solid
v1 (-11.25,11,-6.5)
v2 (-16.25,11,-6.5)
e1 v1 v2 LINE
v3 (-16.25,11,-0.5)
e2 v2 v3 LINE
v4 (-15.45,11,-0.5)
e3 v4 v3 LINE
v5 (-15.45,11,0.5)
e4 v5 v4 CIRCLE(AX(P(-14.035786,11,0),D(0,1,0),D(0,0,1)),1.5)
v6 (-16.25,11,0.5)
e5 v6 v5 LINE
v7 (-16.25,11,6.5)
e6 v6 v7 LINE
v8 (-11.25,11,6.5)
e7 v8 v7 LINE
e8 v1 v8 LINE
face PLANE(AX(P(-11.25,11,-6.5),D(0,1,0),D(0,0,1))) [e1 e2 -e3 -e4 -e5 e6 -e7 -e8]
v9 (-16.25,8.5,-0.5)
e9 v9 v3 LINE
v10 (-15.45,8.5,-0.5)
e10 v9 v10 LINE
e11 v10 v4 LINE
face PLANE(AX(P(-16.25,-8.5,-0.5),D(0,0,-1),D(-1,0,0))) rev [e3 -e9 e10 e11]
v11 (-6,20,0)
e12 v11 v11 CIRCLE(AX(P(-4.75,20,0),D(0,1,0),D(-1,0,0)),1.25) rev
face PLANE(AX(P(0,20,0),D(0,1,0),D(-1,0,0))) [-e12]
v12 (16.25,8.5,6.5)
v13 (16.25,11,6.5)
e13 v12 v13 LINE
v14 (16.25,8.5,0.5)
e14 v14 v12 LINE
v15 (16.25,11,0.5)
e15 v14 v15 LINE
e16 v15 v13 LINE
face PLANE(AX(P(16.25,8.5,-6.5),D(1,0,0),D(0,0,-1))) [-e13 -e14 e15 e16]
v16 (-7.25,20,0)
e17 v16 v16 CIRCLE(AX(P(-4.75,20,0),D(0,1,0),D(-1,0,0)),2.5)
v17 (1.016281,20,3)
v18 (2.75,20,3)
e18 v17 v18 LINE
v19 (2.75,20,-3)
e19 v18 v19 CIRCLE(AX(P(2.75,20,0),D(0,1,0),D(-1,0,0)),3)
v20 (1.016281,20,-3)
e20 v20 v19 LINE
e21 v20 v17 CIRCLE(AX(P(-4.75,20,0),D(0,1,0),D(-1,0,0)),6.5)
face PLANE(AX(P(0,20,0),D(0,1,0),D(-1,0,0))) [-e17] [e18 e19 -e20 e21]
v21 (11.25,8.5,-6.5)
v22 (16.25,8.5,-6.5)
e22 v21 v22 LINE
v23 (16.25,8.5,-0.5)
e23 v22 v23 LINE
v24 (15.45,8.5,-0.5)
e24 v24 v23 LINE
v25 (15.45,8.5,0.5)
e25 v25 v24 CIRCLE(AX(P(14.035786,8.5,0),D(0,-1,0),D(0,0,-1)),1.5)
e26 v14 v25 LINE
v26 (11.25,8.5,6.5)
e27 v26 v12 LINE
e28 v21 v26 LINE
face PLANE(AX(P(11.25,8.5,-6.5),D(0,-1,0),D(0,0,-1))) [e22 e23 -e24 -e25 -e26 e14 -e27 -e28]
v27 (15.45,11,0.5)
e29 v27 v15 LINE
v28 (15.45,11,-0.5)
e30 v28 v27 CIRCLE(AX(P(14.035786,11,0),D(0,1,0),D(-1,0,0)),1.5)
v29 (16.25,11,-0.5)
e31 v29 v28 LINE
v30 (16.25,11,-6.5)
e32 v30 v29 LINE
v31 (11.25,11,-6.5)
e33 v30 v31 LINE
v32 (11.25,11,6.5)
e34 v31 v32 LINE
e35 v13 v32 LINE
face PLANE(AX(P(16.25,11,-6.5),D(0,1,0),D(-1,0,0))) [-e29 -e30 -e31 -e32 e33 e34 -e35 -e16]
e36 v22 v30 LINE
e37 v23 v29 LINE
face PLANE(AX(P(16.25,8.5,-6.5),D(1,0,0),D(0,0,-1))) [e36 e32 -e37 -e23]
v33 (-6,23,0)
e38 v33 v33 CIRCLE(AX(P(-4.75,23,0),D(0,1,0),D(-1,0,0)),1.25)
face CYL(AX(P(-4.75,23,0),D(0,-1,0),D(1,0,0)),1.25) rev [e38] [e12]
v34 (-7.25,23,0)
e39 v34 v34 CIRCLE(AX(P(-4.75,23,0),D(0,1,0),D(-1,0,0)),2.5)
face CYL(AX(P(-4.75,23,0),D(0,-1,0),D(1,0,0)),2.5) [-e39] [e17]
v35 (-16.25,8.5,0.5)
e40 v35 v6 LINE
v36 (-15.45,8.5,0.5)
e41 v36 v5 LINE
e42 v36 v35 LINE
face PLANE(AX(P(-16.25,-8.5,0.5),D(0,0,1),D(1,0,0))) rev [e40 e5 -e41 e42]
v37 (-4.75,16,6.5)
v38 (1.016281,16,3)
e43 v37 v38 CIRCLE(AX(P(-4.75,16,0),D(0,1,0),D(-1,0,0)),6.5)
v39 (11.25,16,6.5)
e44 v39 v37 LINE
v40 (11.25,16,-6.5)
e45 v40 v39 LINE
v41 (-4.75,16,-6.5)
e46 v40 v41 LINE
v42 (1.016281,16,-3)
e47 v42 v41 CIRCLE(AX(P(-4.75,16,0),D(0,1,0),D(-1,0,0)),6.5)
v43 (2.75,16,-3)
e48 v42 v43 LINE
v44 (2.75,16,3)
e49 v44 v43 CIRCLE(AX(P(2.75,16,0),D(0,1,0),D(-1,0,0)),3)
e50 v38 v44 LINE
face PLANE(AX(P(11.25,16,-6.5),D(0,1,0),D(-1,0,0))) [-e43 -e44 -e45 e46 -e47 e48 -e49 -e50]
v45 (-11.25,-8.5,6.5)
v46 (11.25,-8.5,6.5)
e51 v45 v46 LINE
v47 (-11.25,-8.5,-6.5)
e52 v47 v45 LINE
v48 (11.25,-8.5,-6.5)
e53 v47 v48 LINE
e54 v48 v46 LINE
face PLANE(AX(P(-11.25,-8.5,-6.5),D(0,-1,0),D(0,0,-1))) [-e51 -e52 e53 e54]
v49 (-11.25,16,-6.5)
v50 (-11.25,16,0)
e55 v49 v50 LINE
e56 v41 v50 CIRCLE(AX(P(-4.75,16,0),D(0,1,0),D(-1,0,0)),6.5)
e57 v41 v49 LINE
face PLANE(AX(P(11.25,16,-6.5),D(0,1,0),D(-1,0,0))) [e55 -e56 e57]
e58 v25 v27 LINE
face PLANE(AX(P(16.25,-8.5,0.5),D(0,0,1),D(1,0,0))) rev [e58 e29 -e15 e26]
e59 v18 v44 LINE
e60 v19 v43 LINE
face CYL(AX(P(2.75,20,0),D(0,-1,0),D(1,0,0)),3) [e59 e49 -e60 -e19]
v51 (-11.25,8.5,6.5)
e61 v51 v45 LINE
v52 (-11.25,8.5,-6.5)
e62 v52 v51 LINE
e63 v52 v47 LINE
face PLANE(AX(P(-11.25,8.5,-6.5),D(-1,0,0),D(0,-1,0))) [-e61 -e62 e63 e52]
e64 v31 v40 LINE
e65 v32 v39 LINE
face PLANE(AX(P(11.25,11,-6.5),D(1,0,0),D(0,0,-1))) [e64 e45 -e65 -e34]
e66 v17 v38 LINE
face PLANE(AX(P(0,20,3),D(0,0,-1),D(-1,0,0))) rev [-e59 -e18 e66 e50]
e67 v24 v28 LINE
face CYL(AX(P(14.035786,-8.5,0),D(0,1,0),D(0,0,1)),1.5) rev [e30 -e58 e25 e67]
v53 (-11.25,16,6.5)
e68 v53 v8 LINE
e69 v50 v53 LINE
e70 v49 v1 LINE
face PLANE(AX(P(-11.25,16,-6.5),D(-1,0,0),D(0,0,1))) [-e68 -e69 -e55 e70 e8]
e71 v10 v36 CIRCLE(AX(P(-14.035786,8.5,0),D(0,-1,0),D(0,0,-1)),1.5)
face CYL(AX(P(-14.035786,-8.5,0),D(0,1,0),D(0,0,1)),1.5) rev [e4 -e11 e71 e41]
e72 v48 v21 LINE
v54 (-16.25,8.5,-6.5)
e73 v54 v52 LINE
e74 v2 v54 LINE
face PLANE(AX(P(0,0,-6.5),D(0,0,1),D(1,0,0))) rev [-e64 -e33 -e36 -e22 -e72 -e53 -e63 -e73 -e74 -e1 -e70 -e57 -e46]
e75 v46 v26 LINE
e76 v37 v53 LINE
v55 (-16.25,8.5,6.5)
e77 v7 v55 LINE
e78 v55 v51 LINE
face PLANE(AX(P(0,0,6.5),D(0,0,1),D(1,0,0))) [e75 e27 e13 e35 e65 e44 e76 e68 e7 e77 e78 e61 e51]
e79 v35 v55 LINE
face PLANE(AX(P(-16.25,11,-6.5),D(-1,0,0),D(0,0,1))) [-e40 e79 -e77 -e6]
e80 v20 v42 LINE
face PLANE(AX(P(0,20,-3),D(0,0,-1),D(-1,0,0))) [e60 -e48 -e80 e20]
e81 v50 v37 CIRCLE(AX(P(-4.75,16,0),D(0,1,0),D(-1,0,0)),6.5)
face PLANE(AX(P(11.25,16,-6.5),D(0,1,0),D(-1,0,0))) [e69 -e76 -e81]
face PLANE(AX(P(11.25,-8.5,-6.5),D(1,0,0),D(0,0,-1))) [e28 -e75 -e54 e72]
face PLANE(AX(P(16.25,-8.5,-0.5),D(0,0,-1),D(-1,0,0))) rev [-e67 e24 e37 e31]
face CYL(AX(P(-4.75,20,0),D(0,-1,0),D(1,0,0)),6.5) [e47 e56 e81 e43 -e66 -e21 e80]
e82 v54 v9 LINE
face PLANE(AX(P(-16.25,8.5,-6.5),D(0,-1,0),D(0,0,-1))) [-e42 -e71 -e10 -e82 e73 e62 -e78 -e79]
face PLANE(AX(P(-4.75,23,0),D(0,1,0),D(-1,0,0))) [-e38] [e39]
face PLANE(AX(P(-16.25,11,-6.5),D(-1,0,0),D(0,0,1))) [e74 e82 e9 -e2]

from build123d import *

# Parameters (mm, degrees)
BOSS_EXTRUDE1_DEPTH      = 6.5
BOSS_EXTRUDE1_DEPTH_BACK = 6.5
BOSS_EXTRUDE2_DEPTH      = 4
SKETCH4_R                = 2.5
SKETCH4_R_2              = 1.25
BOSS_EXTRUDE3_DEPTH      = 3
CUT_EXTRUDE1_DEPTH       = 29.901773302
CUT_EXTRUDE1_DEPTH_BACK  = 29.901773302


with BuildPart() as part:
    # Sketch1 → Boss-Extrude1 (new, two sides: drawn at the far end of the back side and taken through both)
    with BuildSketch(Plane.XY.offset(-BOSS_EXTRUDE1_DEPTH_BACK)):
        Polygon((-11.25, -8.5), (11.25, -8.5), (11.25, 8.5), (16.25, 8.5), (16.25, 11), (11.25, 11), (11.25, 16), (-11.25, 16), (-11.25, 11), (-16.25, 11), (-16.25, 8.5), (-11.25, 8.5), align=None)
    extrude(amount=BOSS_EXTRUDE1_DEPTH + BOSS_EXTRUDE1_DEPTH_BACK)

    # Sketch3 → Boss-Extrude2 (add)
    with BuildSketch(Plane(origin=(0, 16, 0), x_dir=(1, 0, 0), z_dir=(0, 1, 0))):
        with BuildLine():
            ThreePointArc((1.016281297, 3), (-11.25, 0), (1.016281297, -3))
            Line((1.016281297, -3), (2.75, -3))
            ThreePointArc((2.75, -3), (5.75, 0), (2.75, 3))
            Line((2.75, 3), (1.016281297, 3))
        make_face()
    extrude(amount=BOSS_EXTRUDE2_DEPTH)

    # Sketch4 → Boss-Extrude3 (add)
    with BuildSketch(Plane(origin=(0, 20, 0), x_dir=(1, 0, 0), z_dir=(0, 1, 0))):
        with Locations((-4.75, 0)):
            Circle(SKETCH4_R)
        with Locations((-4.75, 0)):
            Circle(SKETCH4_R_2, mode=Mode.SUBTRACT)
    extrude(amount=BOSS_EXTRUDE3_DEPTH)

    # Sketch5 → Cut-Extrude1 (cut, two sides: drawn at the far end of the back side and taken through both)
    with BuildSketch(Plane(origin=(0, 0, 0), x_dir=(1, 0, 0), z_dir=(0, 1, 0)).offset(-CUT_EXTRUDE1_DEPTH_BACK)):
        with BuildLine():
            Line((-16.25, 0.5), (-15.45, 0.5))
            ThreePointArc((-15.45, 0.5), (-12.535786438, 0), (-15.45, -0.5))
            Line((-15.45, -0.5), (-16.25, -0.5))
            Line((-16.25, -0.5), (-16.25, 0.5))
        make_face()
        with BuildLine():
            Line((16.25, -0.5), (15.45, -0.5))
            ThreePointArc((15.45, -0.5), (12.535786438, 0), (15.45, 0.5))
            Line((15.45, 0.5), (16.25, 0.5))
            Line((16.25, 0.5), (16.25, -0.5))
        make_face()
    extrude(amount=CUT_EXTRUDE1_DEPTH + CUT_EXTRUDE1_DEPTH_BACK, mode=Mode.SUBTRACT)


solid = part.part
